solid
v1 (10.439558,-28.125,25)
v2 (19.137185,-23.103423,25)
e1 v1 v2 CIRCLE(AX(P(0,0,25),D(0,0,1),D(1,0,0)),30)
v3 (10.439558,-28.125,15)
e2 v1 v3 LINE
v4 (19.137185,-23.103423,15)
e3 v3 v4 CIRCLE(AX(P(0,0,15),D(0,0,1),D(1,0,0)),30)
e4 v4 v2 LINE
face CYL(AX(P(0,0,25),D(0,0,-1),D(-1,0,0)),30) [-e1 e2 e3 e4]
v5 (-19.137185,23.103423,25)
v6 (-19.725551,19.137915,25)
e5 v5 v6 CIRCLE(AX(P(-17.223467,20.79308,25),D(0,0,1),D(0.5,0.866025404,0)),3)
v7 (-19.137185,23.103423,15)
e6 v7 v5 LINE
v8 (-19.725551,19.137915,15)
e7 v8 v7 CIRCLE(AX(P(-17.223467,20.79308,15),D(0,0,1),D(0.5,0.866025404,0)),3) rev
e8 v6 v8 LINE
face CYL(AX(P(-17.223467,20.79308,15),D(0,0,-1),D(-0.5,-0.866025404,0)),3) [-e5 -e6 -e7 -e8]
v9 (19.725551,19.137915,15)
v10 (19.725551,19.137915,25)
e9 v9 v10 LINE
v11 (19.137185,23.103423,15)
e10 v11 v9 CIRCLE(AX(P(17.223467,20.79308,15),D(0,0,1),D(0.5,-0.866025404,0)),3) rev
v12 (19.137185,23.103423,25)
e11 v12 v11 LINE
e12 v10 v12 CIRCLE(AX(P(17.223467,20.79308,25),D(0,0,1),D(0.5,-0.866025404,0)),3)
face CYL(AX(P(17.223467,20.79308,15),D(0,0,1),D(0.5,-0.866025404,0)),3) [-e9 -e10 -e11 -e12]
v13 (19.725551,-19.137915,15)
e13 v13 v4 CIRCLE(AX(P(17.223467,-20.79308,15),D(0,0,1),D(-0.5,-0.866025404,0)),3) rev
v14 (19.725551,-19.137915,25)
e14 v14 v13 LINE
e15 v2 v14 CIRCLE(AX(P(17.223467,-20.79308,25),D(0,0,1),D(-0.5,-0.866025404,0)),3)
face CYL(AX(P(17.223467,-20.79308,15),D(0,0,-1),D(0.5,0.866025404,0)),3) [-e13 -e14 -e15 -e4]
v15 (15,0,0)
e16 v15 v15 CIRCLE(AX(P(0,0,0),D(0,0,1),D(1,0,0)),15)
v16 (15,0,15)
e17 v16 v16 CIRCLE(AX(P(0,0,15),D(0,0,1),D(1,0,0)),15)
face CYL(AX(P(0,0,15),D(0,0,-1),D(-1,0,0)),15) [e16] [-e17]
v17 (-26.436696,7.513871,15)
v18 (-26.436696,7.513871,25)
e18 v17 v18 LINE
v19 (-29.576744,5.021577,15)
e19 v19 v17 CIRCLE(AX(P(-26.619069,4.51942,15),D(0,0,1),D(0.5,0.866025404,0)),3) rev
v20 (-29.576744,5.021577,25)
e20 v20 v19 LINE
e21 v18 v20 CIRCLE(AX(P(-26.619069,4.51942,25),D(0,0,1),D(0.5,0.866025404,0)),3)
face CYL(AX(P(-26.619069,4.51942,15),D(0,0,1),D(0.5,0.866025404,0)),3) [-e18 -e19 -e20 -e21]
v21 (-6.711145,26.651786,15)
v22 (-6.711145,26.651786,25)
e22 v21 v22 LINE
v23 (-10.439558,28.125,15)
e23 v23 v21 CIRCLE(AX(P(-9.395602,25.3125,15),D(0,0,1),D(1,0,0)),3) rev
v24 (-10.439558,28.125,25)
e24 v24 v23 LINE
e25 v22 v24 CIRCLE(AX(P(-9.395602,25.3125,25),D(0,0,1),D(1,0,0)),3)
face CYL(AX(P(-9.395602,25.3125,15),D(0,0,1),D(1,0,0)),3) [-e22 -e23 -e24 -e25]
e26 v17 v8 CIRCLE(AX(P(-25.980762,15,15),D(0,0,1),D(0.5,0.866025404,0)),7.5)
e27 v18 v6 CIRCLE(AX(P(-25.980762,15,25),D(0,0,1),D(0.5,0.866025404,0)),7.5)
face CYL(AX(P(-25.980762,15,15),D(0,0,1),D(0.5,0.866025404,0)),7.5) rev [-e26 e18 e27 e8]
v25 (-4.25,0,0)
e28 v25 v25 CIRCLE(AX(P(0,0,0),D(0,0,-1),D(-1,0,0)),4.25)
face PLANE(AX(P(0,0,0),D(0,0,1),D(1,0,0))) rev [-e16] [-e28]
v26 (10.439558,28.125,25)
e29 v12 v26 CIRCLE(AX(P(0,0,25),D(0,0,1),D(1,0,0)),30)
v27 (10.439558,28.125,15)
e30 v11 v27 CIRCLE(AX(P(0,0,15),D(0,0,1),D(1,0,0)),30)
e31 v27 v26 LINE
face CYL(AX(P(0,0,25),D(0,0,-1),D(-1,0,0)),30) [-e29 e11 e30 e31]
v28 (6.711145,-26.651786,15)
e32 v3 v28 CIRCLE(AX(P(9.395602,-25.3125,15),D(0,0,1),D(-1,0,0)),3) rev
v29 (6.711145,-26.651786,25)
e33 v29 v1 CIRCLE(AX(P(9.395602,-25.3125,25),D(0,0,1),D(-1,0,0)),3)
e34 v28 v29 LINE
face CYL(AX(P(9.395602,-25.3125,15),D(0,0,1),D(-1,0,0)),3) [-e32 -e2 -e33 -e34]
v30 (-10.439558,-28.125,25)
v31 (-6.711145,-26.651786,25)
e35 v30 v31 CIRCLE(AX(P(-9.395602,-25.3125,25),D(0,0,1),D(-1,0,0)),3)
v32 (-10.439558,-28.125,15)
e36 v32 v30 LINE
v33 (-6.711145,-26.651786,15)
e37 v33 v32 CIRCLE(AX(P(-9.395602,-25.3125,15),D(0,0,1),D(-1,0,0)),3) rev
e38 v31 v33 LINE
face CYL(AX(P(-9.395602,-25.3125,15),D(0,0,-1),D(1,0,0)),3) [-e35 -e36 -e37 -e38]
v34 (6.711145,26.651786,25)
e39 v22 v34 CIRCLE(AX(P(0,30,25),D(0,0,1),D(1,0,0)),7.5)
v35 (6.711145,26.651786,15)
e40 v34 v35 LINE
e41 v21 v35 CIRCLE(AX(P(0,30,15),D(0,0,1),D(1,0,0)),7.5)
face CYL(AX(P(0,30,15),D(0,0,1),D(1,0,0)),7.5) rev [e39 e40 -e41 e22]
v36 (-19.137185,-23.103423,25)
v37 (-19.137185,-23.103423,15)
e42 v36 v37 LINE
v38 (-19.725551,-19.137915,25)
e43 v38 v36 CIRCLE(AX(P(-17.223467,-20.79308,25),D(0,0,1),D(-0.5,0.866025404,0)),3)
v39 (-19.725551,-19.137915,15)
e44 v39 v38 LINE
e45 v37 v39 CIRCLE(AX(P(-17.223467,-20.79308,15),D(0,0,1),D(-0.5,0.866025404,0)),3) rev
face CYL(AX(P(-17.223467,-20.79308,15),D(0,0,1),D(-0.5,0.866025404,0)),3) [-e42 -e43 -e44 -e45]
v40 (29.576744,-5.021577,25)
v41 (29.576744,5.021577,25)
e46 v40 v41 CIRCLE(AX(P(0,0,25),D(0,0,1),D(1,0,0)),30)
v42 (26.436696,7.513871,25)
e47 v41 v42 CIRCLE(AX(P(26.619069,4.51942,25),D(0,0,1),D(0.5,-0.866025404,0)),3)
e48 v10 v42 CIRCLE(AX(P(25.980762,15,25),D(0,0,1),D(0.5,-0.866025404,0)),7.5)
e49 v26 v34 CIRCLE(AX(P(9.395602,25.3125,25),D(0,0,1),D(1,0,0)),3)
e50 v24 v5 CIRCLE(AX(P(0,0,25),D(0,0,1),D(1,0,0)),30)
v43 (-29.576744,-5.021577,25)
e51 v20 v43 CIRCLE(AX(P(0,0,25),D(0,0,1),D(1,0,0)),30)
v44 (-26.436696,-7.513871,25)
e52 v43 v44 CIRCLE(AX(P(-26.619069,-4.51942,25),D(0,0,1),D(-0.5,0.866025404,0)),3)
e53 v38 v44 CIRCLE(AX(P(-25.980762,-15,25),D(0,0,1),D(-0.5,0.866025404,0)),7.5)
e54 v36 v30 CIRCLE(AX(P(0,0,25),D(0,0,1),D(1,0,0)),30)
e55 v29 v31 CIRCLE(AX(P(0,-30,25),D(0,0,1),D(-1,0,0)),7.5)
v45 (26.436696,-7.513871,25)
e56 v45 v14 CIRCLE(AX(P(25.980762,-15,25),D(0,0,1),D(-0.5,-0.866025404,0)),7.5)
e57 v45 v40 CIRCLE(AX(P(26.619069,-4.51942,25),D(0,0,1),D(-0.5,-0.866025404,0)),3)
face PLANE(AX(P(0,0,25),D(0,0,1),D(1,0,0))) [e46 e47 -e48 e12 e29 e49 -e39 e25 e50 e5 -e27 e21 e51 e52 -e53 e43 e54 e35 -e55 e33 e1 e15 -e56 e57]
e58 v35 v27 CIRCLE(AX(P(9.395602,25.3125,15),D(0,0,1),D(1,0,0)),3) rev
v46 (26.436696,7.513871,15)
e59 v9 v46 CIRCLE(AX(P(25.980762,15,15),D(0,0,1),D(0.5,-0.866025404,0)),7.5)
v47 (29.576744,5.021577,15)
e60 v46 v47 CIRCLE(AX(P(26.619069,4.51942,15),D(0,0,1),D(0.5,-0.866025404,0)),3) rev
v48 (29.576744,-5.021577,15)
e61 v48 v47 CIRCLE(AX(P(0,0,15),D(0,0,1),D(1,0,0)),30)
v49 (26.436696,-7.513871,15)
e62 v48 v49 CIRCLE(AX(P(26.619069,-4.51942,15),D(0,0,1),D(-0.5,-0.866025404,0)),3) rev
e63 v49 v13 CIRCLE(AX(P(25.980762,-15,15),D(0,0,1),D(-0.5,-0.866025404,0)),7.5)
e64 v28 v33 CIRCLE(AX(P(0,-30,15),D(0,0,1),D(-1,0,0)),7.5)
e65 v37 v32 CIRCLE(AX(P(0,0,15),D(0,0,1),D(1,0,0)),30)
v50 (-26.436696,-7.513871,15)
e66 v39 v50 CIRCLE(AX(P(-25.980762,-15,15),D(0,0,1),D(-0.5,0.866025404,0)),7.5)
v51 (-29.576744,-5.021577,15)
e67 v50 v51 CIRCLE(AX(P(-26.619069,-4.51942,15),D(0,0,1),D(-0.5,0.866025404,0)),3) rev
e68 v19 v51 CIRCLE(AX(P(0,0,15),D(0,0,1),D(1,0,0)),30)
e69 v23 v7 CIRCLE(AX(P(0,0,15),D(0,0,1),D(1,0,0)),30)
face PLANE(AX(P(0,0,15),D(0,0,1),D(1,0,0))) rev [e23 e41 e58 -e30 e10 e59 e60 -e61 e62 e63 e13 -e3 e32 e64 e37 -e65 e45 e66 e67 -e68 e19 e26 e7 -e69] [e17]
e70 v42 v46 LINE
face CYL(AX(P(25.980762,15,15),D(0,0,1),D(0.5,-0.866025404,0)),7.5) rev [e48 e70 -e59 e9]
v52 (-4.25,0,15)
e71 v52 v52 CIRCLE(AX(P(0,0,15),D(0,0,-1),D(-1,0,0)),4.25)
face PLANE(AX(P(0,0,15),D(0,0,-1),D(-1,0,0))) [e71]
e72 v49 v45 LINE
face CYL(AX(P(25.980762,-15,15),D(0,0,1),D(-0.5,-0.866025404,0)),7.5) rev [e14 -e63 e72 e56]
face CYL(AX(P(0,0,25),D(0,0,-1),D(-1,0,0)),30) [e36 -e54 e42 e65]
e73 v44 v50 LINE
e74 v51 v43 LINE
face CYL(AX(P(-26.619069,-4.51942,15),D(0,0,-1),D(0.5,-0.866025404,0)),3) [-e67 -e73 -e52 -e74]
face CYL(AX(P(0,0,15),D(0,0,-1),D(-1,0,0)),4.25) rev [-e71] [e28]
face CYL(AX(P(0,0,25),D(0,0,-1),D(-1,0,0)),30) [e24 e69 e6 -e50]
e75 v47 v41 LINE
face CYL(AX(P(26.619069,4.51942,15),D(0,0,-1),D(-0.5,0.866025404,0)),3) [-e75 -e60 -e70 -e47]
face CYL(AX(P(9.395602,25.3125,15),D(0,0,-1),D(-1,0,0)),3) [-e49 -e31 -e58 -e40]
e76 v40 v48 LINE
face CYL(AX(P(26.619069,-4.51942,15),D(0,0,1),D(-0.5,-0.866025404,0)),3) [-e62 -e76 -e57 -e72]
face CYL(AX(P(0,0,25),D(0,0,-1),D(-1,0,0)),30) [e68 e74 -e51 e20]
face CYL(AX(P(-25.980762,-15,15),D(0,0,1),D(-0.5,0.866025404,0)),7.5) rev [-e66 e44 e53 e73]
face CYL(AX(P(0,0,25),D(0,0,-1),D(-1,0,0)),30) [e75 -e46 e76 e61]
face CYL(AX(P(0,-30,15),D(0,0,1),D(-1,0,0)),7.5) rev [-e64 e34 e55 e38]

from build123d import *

# Parameters (mm, degrees)
IZIM1_R                        = 15
Y_KSEKLIK_EKSTR_ZYON1_DEPTH    = 15
IZIM2_R                        = 30
Y_KSEKLIK_EKSTR_ZYON2_DEPTH    = 10
IZIM3_R                        = 7.5
KES_EKSTR_ZYON1_DEPTH          = 10
RADYUS1_R                      = 3
DAIRESEL_KAPLAMA3_COUNT        = 6
RADYUS1_OF_DAIRESEL_KAPLAMA3_R = 3
IZIM4_R                        = 4.25
KES_EKSTR_ZYON2_DEPTH          = 15


with BuildPart() as part:
    # Çizim1 → Yükseklik-Ekstrüzyon1 (new body)
    with BuildSketch(Plane.XY):
        Circle(IZIM1_R)
    extrude(amount=Y_KSEKLIK_EKSTR_ZYON1_DEPTH)

    # Çizim2 → Yükseklik-Ekstrüzyon2 (add)
    with BuildSketch(Plane.XY.offset(15)):
        Circle(IZIM2_R)
    extrude(amount=Y_KSEKLIK_EKSTR_ZYON2_DEPTH)

    # Çizim3 → Kes-Ekstrüzyon1 (cut)
    with BuildSketch(Plane.XY.offset(25)):
        with Locations((0, 30)):
            Circle(IZIM3_R)
    kes_ekstr_zyon1 = extrude(amount=-KES_EKSTR_ZYON1_DEPTH, mode=Mode.SUBTRACT)

    # Radyus1
    radyus1_edges = [part.edges().sort_by_distance(p)[0] for p in [
        (7.441175562, 29.0625, 20),
        (-7.441175562, 29.0625, 20),
    ]]
    fillet(radyus1_edges, radius=RADYUS1_R)

    # Dairesel Kaplama3: Kes-Ekstrüzyon1 ×6 about axis
    dairesel_kaplama3_axis = Axis((0, 0, 0), (0, 0, 1))
    for i in range(1, DAIRESEL_KAPLAMA3_COUNT):
        add(kes_ekstr_zyon1.rotate(dairesel_kaplama3_axis, i * 360 / DAIRESEL_KAPLAMA3_COUNT), mode=Mode.SUBTRACT)

    # Radyus1 of Dairesel Kaplama3
    radyus1_of_dairesel_kaplama3_edges = [part.edges().sort_by_distance(p)[0] for p in [
        (-21.448275516, 20.975497071, 20),
        (-28.889451079, 8.087002929, 20),
        (-28.889451079, -8.087002929, 20),
        (-21.448275516, -20.975497071, 20),
        (-7.441175562, -29.0625, 20),
        (7.441175562, -29.0625, 20),
        (21.448275516, -20.975497071, 20),
        (28.889451079, -8.087002929, 20),
        (28.889451079, 8.087002929, 20),
        (21.448275516, 20.975497071, 20),
    ]]
    fillet(radyus1_of_dairesel_kaplama3_edges, radius=RADYUS1_OF_DAIRESEL_KAPLAMA3_R)

    # Çizim4 → Kes-Ekstrüzyon2 (cut)
    with BuildSketch(Plane(origin=(0, 0, 0), x_dir=(-1, 0, 0), z_dir=(0, 0, -1))):
        Circle(IZIM4_R)
    extrude(amount=-KES_EKSTR_ZYON2_DEPTH, mode=Mode.SUBTRACT)


solid = part.part
